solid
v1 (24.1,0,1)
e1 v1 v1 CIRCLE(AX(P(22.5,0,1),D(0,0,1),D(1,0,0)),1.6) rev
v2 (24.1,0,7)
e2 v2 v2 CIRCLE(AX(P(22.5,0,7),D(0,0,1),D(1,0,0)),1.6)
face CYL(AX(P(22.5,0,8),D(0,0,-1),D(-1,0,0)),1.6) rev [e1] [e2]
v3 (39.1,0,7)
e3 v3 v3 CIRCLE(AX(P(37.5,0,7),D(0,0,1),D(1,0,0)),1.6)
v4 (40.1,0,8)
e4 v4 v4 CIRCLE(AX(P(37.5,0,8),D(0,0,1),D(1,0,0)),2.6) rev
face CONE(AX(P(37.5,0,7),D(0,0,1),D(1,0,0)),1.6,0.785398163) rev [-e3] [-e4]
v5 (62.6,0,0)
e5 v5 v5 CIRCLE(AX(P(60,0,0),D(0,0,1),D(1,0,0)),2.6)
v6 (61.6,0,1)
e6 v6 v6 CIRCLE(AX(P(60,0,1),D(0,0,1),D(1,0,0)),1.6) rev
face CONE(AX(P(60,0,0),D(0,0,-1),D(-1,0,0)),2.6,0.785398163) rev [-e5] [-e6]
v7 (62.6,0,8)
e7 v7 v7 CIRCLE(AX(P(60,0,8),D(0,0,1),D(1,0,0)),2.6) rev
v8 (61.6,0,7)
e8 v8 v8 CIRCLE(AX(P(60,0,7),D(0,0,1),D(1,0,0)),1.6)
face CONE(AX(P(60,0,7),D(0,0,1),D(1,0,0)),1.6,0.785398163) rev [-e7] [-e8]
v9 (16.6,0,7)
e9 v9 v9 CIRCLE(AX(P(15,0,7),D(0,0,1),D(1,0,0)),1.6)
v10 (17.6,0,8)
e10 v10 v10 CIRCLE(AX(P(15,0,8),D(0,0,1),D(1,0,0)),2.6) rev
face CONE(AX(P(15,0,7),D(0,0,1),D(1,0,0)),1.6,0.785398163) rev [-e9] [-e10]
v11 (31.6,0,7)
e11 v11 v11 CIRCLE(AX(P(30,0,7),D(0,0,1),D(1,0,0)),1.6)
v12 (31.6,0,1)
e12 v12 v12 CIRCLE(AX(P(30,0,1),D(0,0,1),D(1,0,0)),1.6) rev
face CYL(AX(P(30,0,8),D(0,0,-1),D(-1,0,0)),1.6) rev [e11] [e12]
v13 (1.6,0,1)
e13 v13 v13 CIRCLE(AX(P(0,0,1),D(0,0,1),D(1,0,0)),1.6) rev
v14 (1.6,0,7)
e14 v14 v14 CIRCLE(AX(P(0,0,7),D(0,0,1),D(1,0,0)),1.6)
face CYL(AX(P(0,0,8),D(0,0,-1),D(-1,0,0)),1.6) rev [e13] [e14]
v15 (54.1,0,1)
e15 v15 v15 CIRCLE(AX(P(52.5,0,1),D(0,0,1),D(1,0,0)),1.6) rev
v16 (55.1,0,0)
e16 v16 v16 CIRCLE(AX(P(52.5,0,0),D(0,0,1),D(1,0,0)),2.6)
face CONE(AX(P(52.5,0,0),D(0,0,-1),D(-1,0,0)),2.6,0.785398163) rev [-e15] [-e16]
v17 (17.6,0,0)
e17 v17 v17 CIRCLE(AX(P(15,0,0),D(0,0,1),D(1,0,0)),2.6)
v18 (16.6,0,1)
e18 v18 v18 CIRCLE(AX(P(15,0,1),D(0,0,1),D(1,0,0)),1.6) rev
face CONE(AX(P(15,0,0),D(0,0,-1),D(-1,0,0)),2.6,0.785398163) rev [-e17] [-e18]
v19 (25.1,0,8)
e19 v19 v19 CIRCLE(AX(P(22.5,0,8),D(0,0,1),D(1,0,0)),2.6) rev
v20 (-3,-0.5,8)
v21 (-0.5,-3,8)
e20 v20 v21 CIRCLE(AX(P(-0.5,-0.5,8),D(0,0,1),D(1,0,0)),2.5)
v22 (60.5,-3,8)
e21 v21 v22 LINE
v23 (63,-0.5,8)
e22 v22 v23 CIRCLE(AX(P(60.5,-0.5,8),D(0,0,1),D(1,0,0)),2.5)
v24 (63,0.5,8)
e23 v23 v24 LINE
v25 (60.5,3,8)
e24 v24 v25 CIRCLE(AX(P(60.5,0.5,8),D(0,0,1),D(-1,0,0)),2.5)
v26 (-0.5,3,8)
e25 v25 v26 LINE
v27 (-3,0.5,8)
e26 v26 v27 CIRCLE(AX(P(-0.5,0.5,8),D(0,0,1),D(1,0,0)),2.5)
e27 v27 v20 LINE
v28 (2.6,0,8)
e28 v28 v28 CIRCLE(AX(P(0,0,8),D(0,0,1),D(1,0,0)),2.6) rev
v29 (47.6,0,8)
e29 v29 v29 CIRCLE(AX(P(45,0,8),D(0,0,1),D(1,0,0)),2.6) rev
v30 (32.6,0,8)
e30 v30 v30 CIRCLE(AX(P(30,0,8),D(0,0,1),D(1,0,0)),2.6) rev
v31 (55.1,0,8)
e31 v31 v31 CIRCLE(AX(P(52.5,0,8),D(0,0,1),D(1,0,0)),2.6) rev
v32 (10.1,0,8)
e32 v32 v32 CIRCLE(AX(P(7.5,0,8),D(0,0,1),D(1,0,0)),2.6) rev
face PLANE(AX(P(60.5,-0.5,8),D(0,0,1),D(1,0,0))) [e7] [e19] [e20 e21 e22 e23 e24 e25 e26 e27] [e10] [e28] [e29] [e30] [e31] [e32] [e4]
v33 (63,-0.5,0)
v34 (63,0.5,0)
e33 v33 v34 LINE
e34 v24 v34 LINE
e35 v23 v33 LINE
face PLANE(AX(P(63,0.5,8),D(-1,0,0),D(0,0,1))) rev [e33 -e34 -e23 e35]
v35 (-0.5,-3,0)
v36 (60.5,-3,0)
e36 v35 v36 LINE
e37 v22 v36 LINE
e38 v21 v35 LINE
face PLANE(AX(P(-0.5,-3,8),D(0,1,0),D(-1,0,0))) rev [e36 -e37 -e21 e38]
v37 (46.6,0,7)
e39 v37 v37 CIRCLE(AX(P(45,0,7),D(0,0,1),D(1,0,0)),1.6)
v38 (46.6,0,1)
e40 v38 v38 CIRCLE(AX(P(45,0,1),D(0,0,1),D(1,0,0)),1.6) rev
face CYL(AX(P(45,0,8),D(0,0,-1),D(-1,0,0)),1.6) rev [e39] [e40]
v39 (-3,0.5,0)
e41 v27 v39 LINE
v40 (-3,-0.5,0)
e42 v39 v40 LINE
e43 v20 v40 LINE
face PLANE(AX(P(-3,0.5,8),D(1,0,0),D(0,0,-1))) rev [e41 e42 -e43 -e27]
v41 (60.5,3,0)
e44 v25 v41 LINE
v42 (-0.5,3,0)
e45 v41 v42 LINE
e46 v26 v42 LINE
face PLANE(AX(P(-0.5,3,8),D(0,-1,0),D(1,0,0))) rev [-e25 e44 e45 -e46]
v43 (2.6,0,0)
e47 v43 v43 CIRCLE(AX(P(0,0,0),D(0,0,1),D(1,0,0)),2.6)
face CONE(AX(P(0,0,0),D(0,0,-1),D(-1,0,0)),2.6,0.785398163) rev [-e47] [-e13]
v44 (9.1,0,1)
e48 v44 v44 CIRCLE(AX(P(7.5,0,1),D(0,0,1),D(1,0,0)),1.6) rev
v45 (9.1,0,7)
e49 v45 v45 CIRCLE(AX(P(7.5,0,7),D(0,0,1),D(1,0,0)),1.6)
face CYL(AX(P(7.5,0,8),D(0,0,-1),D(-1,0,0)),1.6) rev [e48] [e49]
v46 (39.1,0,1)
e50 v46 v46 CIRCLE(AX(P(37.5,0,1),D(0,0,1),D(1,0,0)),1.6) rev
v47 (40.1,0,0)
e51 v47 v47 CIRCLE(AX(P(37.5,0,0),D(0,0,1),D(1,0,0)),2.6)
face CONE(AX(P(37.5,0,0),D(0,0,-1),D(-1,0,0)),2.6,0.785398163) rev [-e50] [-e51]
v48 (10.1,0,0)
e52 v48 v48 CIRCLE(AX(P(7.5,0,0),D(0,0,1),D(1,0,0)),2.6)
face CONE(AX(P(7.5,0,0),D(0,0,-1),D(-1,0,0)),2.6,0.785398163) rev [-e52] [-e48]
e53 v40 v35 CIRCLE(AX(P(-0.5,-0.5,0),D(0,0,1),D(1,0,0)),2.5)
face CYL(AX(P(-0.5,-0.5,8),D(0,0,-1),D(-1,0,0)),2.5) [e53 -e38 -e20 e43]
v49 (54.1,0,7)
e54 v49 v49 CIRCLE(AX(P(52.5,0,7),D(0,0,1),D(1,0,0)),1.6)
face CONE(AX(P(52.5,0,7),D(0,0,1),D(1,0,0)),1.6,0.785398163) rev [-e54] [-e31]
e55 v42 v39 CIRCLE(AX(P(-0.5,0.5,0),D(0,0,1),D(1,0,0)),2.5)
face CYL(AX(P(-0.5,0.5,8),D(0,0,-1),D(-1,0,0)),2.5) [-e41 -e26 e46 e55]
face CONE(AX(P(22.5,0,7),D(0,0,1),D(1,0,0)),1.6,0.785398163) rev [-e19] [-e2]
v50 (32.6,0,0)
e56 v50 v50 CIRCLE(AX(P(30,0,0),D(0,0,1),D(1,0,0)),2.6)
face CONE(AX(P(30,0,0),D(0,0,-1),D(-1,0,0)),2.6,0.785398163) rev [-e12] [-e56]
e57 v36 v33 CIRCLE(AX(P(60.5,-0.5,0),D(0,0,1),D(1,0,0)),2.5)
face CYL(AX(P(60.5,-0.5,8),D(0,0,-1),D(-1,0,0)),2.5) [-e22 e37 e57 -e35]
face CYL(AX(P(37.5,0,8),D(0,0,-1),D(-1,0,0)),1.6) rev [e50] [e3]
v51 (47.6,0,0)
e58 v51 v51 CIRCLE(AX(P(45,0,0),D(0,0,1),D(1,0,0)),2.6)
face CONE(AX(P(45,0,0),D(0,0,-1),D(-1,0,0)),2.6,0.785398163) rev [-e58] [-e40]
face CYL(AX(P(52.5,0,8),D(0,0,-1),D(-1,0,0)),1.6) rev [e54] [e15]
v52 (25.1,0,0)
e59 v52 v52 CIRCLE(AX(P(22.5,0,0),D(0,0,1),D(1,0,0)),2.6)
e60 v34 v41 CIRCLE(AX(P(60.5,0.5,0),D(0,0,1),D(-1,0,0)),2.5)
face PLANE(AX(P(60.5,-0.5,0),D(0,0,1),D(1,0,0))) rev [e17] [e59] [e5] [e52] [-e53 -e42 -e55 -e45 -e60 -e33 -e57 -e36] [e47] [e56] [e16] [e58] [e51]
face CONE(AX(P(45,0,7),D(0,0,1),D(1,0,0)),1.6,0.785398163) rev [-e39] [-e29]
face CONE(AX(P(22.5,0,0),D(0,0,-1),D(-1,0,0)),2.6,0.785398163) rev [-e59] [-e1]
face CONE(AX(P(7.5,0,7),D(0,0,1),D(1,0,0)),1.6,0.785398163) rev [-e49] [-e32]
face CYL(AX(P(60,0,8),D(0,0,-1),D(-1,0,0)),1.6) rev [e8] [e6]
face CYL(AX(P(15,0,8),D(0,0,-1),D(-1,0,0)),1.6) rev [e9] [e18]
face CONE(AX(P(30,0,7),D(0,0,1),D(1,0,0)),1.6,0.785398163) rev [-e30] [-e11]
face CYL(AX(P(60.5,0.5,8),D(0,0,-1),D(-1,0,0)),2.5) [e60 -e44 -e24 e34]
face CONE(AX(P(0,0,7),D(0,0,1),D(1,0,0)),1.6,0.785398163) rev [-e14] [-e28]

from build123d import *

# Parameters (mm, degrees)
SKETCH1_R           = 1.6
BOSS_EXTRUDE1_DEPTH = 8
CHAMFER1_SIZE       = 1


with BuildPart() as part:
    # Sketch1 → Boss-Extrude1 (new body)
    with BuildSketch(Plane.XY):
        with BuildLine():
            Line((-0.5, 3), (60.5, 3))
            ThreePointArc((60.5, 3), (62.267766953, 2.267766953), (63, 0.5))
            Line((63, 0.5), (63, -0.5))
            ThreePointArc((63, -0.5), (62.267766953, -2.267766953), (60.5, -3))
            Line((60.5, -3), (-0.5, -3))
            ThreePointArc((-0.5, -3), (-2.267766953, -2.267766953), (-3, -0.5))
            Line((-3, -0.5), (-3, 0.5))
            ThreePointArc((-3, 0.5), (-2.267766953, 2.267766953), (-0.5, 3))
        make_face()
        Circle(SKETCH1_R, mode=Mode.SUBTRACT)
        with Locations((7.5, 0)):
            Circle(SKETCH1_R, mode=Mode.SUBTRACT)
        with Locations((15, 0)):
            Circle(SKETCH1_R, mode=Mode.SUBTRACT)
        with Locations((22.5, 0)):
            Circle(SKETCH1_R, mode=Mode.SUBTRACT)
        with Locations((30, 0)):
            Circle(SKETCH1_R, mode=Mode.SUBTRACT)
        with Locations((37.5, 0)):
            Circle(SKETCH1_R, mode=Mode.SUBTRACT)
        with Locations((45, 0)):
            Circle(SKETCH1_R, mode=Mode.SUBTRACT)
        with Locations((52.5, 0)):
            Circle(SKETCH1_R, mode=Mode.SUBTRACT)
        with Locations((60, 0)):
            Circle(SKETCH1_R, mode=Mode.SUBTRACT)
    extrude(amount=BOSS_EXTRUDE1_DEPTH)

    # Chamfer1
    chamfer1_edges = [part.edges().sort_by_distance(p)[0] for p in [
        (-1.6, 0, 0),
        (-1.6, 0, 8),
        (5.9, 0, 0),
        (5.9, 0, 8),
        (13.4, 0, 0),
        (13.4, 0, 8),
        (20.9, 0, 0),
        (20.9, 0, 8),
        (28.4, 0, 0),
        (28.4, 0, 8),
        (35.9, 0, 0),
        (35.9, 0, 8),
        (43.4, 0, 0),
        (43.4, 0, 8),
        (50.9, 0, 0),
        (50.9, 0, 8),
        (58.4, 0, 0),
        (58.4, 0, 8),
    ]]
    chamfer(chamfer1_edges, length=CHAMFER1_SIZE)


solid = part.part
